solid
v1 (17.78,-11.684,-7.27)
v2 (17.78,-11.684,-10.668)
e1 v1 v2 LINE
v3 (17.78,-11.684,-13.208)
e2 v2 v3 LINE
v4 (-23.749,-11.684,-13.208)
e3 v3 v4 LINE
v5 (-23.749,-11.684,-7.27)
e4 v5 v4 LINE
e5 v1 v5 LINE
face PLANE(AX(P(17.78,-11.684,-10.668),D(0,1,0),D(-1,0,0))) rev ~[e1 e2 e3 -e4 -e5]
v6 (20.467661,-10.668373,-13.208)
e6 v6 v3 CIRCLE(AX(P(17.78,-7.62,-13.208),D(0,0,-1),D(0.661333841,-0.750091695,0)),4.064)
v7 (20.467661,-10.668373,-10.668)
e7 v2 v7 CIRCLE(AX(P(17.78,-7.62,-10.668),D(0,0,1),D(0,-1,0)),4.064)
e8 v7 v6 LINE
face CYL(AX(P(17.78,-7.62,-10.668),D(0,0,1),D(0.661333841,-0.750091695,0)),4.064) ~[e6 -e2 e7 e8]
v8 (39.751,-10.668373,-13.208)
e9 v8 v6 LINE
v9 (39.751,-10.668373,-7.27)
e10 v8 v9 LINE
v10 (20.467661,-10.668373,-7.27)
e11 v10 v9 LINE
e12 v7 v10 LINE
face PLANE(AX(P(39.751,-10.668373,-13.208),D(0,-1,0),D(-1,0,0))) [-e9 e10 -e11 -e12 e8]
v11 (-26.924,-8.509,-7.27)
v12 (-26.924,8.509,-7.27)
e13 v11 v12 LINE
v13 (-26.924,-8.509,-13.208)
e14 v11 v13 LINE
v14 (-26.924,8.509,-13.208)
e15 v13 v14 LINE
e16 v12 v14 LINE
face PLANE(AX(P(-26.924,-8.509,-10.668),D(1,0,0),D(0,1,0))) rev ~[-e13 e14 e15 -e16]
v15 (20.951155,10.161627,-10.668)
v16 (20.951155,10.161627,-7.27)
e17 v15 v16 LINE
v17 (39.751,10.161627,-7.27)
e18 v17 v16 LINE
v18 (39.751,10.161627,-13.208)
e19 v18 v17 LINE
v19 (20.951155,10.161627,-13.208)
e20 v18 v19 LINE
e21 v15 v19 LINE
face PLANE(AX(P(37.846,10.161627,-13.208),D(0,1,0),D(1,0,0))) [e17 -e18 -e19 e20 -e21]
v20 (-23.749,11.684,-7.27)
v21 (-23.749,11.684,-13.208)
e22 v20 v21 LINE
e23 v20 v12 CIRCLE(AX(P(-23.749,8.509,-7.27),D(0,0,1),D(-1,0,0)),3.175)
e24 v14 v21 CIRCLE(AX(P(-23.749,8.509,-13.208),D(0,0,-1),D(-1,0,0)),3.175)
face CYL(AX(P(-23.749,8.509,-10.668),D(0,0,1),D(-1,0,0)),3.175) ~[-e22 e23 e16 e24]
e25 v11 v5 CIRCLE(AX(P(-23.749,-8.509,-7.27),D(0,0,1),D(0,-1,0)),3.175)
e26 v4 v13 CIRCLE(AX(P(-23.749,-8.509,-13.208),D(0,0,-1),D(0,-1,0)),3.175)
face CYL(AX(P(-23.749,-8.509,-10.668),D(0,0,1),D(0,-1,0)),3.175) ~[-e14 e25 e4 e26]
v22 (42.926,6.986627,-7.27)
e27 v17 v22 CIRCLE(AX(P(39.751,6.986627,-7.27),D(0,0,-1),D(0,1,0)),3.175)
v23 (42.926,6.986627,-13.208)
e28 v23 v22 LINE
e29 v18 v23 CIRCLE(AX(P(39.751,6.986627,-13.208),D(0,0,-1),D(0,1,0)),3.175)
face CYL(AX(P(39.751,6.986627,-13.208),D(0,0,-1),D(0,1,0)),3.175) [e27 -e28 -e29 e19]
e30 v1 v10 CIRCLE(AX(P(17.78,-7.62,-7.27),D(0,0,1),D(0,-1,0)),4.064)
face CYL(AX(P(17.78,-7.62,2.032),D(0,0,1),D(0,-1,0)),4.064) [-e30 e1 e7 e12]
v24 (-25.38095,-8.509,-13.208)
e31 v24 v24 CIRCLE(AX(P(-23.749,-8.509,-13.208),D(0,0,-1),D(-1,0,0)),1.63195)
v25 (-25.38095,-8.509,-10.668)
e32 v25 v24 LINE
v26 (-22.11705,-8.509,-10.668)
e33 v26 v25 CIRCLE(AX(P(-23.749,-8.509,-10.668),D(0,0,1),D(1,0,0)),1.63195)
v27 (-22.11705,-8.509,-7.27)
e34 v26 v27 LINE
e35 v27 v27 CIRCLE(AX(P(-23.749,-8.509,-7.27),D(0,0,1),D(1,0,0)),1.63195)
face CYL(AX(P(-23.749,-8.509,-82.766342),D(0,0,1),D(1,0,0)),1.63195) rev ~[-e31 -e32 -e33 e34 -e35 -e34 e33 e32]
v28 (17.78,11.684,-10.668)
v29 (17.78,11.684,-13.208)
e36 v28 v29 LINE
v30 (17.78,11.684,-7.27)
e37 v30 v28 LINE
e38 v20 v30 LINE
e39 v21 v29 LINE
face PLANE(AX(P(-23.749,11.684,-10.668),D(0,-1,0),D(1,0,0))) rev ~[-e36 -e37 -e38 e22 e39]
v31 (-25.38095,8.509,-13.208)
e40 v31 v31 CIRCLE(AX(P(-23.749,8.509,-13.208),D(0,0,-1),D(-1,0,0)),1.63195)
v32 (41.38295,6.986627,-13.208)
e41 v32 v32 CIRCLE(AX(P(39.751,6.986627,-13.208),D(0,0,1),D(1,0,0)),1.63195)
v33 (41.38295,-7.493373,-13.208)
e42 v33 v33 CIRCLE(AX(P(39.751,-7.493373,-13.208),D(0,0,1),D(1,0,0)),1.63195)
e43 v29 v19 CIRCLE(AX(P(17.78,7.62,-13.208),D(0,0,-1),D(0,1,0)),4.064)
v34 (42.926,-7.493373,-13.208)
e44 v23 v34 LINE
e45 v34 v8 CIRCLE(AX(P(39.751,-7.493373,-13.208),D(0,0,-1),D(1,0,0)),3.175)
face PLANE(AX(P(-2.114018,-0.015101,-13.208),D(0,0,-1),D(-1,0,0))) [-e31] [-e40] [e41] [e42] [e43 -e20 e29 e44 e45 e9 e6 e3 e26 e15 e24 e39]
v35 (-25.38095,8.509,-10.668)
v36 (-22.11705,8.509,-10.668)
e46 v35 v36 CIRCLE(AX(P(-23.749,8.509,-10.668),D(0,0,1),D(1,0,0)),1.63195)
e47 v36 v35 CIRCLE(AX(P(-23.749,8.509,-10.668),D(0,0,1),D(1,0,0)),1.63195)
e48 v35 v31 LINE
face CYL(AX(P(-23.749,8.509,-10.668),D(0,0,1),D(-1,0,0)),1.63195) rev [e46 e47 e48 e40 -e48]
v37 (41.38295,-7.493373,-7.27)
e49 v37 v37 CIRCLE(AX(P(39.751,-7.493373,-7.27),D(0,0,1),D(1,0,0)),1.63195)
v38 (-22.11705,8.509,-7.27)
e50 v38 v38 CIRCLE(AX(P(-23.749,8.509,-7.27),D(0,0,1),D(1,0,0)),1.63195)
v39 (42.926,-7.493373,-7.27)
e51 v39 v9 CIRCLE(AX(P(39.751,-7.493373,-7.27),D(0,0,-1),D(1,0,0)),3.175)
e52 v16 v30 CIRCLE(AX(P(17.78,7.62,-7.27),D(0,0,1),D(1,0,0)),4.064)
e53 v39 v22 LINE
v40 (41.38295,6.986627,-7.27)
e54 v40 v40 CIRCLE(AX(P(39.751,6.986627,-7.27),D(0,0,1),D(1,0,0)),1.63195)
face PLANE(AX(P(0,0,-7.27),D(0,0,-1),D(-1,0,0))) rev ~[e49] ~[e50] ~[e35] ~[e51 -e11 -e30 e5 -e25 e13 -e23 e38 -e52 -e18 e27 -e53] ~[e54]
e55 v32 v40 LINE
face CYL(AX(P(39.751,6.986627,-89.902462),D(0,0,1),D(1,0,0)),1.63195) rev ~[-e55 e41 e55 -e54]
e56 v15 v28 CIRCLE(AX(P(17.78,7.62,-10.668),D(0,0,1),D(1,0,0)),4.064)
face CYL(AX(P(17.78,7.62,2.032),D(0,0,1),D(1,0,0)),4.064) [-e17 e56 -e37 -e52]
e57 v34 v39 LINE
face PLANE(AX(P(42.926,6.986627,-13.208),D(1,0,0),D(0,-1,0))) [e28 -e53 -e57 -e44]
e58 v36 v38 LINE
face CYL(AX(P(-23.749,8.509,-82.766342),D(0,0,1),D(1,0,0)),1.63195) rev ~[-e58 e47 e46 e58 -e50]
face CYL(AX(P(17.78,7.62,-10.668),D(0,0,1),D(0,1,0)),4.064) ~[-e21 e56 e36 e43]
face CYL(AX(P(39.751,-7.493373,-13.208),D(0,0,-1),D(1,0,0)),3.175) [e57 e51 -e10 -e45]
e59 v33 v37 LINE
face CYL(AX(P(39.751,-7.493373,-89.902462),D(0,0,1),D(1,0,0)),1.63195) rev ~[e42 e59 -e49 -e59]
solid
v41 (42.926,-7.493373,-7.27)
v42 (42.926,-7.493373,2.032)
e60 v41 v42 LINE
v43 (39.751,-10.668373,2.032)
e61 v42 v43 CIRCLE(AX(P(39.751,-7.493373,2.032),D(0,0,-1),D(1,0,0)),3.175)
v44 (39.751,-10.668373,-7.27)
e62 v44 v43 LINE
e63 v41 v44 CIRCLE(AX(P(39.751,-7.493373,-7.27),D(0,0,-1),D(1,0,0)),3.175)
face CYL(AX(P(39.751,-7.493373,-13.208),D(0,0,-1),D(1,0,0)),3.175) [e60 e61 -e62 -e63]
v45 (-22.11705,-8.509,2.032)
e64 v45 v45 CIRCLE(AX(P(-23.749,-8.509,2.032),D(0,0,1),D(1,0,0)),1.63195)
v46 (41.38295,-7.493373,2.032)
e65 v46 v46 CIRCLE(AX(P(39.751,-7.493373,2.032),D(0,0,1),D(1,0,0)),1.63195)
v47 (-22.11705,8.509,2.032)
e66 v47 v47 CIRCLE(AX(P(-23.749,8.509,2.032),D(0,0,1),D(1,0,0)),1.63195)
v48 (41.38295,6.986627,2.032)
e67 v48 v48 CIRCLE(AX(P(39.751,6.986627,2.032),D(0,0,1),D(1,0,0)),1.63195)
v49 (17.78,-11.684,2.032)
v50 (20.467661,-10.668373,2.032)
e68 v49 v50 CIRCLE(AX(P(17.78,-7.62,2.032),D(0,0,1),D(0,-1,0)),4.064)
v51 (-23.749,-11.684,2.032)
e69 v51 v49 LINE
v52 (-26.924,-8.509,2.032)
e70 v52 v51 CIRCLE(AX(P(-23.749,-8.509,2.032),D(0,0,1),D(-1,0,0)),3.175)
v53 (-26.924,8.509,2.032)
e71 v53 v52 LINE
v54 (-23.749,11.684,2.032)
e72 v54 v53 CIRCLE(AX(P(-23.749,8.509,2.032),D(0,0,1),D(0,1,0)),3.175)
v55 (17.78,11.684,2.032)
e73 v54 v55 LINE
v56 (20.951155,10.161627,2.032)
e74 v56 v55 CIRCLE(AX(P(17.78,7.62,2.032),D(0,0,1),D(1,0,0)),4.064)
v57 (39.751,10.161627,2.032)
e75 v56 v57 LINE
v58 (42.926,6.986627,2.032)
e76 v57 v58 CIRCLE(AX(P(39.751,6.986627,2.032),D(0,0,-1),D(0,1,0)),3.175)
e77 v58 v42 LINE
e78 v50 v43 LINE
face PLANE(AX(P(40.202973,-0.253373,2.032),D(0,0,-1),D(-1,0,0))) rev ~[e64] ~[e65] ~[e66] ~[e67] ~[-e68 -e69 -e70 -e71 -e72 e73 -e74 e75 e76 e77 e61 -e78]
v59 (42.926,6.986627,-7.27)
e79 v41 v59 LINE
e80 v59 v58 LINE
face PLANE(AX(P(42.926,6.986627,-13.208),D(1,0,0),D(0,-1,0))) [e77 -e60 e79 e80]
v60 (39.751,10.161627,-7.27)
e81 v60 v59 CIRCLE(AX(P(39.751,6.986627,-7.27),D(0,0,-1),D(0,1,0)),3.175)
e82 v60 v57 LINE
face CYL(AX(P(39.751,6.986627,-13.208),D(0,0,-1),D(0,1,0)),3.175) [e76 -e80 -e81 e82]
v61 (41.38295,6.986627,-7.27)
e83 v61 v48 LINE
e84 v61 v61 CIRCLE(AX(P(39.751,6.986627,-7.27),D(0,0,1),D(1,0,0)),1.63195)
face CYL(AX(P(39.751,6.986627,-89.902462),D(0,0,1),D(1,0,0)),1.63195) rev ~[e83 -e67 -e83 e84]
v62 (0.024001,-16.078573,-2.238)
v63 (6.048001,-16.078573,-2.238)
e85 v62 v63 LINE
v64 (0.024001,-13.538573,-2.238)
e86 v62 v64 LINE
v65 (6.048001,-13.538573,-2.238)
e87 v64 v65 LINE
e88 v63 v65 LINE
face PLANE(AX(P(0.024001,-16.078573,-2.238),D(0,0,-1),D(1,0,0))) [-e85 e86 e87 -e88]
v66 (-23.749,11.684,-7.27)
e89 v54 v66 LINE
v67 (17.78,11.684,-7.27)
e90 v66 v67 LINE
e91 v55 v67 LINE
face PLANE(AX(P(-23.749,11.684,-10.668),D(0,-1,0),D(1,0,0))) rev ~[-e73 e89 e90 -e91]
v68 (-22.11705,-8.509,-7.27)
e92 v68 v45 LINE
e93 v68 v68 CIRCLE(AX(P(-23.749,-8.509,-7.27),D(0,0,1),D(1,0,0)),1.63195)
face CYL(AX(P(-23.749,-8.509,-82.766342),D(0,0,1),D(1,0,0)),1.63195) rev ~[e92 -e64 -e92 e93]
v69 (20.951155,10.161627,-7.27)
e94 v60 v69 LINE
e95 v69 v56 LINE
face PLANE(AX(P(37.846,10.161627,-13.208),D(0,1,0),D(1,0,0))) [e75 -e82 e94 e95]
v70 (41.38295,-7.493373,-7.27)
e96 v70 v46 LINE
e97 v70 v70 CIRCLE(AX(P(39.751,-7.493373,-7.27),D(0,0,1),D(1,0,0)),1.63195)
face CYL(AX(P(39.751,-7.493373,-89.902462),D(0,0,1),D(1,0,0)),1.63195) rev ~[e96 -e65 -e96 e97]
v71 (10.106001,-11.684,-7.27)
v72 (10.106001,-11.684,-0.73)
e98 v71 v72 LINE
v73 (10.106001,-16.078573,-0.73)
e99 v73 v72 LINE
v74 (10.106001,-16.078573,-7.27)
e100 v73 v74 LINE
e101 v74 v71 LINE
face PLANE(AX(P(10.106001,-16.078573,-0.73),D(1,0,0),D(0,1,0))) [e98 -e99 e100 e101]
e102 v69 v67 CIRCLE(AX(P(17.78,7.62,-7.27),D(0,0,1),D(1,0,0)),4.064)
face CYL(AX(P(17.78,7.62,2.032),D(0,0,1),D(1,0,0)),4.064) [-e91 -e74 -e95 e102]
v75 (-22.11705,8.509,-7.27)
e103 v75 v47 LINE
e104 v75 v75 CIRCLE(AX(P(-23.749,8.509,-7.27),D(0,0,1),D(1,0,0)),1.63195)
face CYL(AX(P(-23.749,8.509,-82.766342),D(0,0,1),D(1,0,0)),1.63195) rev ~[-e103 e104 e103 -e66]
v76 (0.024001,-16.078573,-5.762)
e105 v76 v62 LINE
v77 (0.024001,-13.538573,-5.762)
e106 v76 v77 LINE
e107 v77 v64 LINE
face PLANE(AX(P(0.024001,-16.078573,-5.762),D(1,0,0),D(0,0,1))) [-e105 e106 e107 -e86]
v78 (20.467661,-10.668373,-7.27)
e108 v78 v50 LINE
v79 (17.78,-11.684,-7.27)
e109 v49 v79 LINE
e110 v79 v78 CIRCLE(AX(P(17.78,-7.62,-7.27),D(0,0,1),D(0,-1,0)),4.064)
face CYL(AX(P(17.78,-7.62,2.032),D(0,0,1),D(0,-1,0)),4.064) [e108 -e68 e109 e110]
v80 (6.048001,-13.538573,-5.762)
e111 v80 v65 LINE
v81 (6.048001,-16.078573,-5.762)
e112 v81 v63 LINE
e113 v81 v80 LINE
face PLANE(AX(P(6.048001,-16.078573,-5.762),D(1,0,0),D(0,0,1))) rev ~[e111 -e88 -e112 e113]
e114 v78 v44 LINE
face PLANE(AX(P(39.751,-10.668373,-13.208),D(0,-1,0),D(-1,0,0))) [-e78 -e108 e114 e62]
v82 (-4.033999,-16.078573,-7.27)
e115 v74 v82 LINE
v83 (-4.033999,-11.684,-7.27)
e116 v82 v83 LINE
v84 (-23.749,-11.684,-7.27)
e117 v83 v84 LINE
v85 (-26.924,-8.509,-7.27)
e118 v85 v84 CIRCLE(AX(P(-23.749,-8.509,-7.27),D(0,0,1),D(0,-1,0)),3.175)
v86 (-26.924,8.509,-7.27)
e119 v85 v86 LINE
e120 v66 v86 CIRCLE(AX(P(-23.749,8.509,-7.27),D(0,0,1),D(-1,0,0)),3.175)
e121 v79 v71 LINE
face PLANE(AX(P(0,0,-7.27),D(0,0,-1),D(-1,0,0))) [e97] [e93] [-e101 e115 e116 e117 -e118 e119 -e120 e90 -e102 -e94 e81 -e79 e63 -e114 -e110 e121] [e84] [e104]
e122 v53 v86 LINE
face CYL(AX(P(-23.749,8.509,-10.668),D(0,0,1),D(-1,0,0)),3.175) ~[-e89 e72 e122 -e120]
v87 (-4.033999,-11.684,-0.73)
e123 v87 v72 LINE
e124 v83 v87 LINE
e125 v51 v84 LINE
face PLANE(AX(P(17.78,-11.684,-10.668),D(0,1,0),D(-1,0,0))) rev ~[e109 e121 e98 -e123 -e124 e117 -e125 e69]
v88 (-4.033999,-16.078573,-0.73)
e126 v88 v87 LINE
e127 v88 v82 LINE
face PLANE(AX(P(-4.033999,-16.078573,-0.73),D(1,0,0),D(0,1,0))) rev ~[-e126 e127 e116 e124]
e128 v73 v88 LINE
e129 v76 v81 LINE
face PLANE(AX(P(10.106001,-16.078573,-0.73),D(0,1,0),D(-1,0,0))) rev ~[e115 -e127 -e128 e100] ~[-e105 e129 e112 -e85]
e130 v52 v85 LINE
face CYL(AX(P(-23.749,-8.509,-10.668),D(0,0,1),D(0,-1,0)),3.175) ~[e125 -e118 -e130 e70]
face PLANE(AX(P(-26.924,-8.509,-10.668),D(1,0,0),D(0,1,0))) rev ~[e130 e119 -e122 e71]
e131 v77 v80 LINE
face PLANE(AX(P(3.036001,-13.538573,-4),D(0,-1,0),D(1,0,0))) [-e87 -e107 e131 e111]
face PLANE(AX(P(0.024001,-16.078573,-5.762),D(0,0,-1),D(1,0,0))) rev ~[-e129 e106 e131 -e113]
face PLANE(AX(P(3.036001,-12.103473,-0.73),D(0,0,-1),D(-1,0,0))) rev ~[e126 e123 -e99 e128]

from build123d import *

# Parameters (mm, degrees)
BOSS_EXTRUDE1_START             = 2.032
BOSS_EXTRUDE1_DEPTH             = 12.7
BOSS_EXTRUDE2_DEPTH             = 3.27
BOSS_EXTRUDE2_DEPTH_BACK        = 3.27
SKETCH2_W                       = 14.14
SKETCH2_H                       = 7.9502
SKETCH3_W                       = 36.079999008
SKETCH3_H                       = 20.829999962
BOSS_EXTRUDE3_DEPTH             = 2.54
BOSS_EXTRUDE3_DIRECTION_2_REACH = 31.949
SKETCH7_W                       = 6.024
SKETCH7_H                       = 3.524
CUT_EXTRUDE1_DEPTH              = 2.54
BOSS_EXTRUDE5_DEPTH             = 12.7
F_4_CLEARANCE_HOLE4_D           = 3.2639
BOSS_EXTRUDE6_DEPTH             = 15.24
F_4_CLEARANCE_HOLE5_D           = 3.2639
SKETCH17_R                      = 1.63195
BOSS_EXTRUDE8_DEPTH             = 2.54


with BuildPart() as part:
    # Sketch1 → Boss-Extrude1 (new body)
    with BuildSketch(Plane.XY.offset(BOSS_EXTRUDE1_START)):
        with BuildLine():
            Line((-21.844, 7.62), (-21.844, -7.62))
            ThreePointArc((-21.844, -7.62), (-20.653681959, -10.493681959), (-17.78, -11.684))
            Line((-17.78, -11.684), (17.78, -11.684))
            ThreePointArc((17.78, -11.684), (20.653681959, -10.493681959), (21.844, -7.62))
            Line((21.844, -7.62), (21.844, 7.62))
            ThreePointArc((21.844, 7.62), (20.653681959, 10.493681959), (17.78, 11.684))
            Line((17.78, 11.684), (-17.78, 11.684))
            ThreePointArc((-17.78, 11.684), (-20.653681959, 10.493681959), (-21.844, 7.62))
        make_face()
    extrude(amount=-BOSS_EXTRUDE1_DEPTH)

    # Sketch2 → Boss-Extrude2 (add, two sides: drawn at the far end of the back side and taken through both)
    with BuildSketch(Plane(origin=(0, 0, -4), x_dir=(-1, 0, 0), z_dir=(0, 0, -1)).offset(-BOSS_EXTRUDE2_DEPTH_BACK)):
        with Locations((-3.036000992, -12.10347265)):
            Rectangle(SKETCH2_W, SKETCH2_H)
    extrude(amount=BOSS_EXTRUDE2_DEPTH + BOSS_EXTRUDE2_DEPTH_BACK)

    # Sketch3 → Boss-Extrude3 (add)
    with BuildSketch(Plane(origin=(0, 0, -10.668), x_dir=(-1, 0, 0), z_dir=(0, 0, -1))):
        with Locations((-19.806000496, -0.253372669)):
            Rectangle(SKETCH3_W, SKETCH3_H)
    extrude(amount=BOSS_EXTRUDE3_DEPTH)

    # Boss-Extrude3 direction 2: up to this face of the body (flat: up to its plane)
    boss_extrude3_direction_2_end = Plane(part.part.faces().sort_by_distance((0, 0, 2.032))[0])
    # Sketch3 → Boss-Extrude3 direction 2 (add, up to the picked face)
    with BuildSketch(Plane(origin=(0, 0, -10.668), x_dir=(-1, 0, 0), z_dir=(0, 0, -1)), mode=Mode.PRIVATE) as boss_extrude3_direction_2_sk1:
        with Locations((-19.806000496, -0.253372669)):
            Rectangle(SKETCH3_W, SKETCH3_H)
    boss_extrude3_direction_2_tool1 = split(extrude(boss_extrude3_direction_2_sk1.sketch, amount=-BOSS_EXTRUDE3_DIRECTION_2_REACH, mode=Mode.PRIVATE), bisect_by=boss_extrude3_direction_2_end, keep=Keep.BOTH, mode=Mode.PRIVATE)
    add(boss_extrude3_direction_2_tool1.solids().sort_by(Axis((19.806, -0.253373, -10.668), (0, 0, 1)))[0])

    # Sketch7 → Cut-Extrude1 (cut)
    with BuildSketch(Plane.XZ.offset(16.07857265)):
        with Locations((3.036000992, -4)):
            Rectangle(SKETCH7_W, SKETCH7_H)
    extrude(amount=-CUT_EXTRUDE1_DEPTH, mode=Mode.SUBTRACT)

    # Sketch11 → Boss-Extrude5 (add, through all)
    with BuildSketch(Plane(origin=(0, 0, -10.668), x_dir=(-1, 0, 0), z_dir=(0, 0, -1))):
        with BuildLine():
            Line((17.78, 11.684), (23.749, 11.684))
            ThreePointArc((23.749, 11.684), (25.99406403, 10.75406403), (26.924, 8.509))
            Line((26.924, 8.509), (26.924, -8.509))
            ThreePointArc((26.924, -8.509), (25.99406403, -10.75406403), (23.749, -11.684))
            Line((23.749, -11.684), (17.78, -11.684))
            Line((17.78, -11.684), (-17.78, -11.684))
            ThreePointArc((-17.78, -11.684), (-19.216577452, -11.421623499), (-20.467660727, -10.66837265))
            Line((-20.467660727, -10.66837265), (-1.766000992, -10.66837265))
            Line((-1.766000992, -10.66837265), (-1.766000992, 10.161627312))
            Line((-1.766000992, 10.161627312), (-20.951155406, 10.161627312))
            ThreePointArc((-20.951155406, 10.161627312), (-19.538823841, 11.283691403), (-17.78, 11.684))
            Line((-17.78, 11.684), (17.78, 11.684))
        make_face()
    extrude(amount=-BOSS_EXTRUDE5_DEPTH)

    # #4 Clearance Hole4 (through all)
    with Locations(Plane(origin=(0, 0, -10.668), x_dir=(-1, 0, 0), z_dir=(0, 0, -1))):
        with Locations((23.749, 8.509), (23.749, -8.509)):
            Hole(F_4_CLEARANCE_HOLE4_D / 2)

    # Sketch14 → Boss-Extrude6 (add, through all)
    with BuildSketch(Plane(origin=(0, 0, -13.208), x_dir=(-1, 0, 0), z_dir=(0, 0, -1))):
        with BuildLine():
            Line((-37.846, 10.161627312), (-39.751, 10.161627312))
            ThreePointArc((-39.751, 10.161627312), (-41.99606403, 9.231691342), (-42.926, 6.986627312))
            Line((-42.926, 6.986627312), (-42.926, -7.49337265))
            ThreePointArc((-42.926, -7.49337265), (-41.99606403, -9.73843668), (-39.751, -10.66837265))
            Line((-39.751, -10.66837265), (-37.846, -10.66837265))
            Line((-37.846, -10.66837265), (-37.846, 10.161627312))
        make_face()
    extrude(amount=-BOSS_EXTRUDE6_DEPTH)

    # #4 Clearance Hole5 (through all)
    with Locations(Plane(origin=(0, 0, -13.208), x_dir=(-1, 0, 0), z_dir=(0, 0, -1))):
        with Locations((-39.751, 6.986627312), (-39.751, -7.49337265)):
            Hole(F_4_CLEARANCE_HOLE5_D / 2)

    # Sketch17 → Boss-Extrude8 (add)
    with BuildSketch(Plane(origin=(0, 0, -10.668), x_dir=(-1, 0, 0), z_dir=(0, 0, -1))):
        with BuildLine():
            Line((-17.78, -11.684), (23.749, -11.684))
            ThreePointArc((23.749, -11.684), (25.99406403, -10.75406403), (26.924, -8.509))
            Line((26.924, -8.509), (26.924, 8.509))
            ThreePointArc((26.924, 8.509), (25.99406403, 10.75406403), (23.749, 11.684))
            Line((23.749, 11.684), (-17.78, 11.684))
            ThreePointArc((-17.78, 11.684), (-19.538823841, 11.283691403), (-20.951155406, 10.161627312))
            Line((-20.951155406, 10.161627312), (-1.766000992, 10.161627312))
            Line((-1.766000992, 10.161627312), (-1.766000992, -10.66837265))
            Line((-1.766000992, -10.66837265), (-20.467660727, -10.66837265))
            ThreePointArc((-20.467660727, -10.66837265), (-19.216577452, -11.421623499), (-17.78, -11.684))
        make_face()
        with Locations((23.749, 8.509)):
            Circle(SKETCH17_R, mode=Mode.SUBTRACT)
        with Locations((23.749, -8.509)):
            Circle(SKETCH17_R, mode=Mode.SUBTRACT)
    extrude(amount=BOSS_EXTRUDE8_DEPTH)


with BuildPart() as body_2:
    # Split1: the piece on the far side of the plane
    add(part.part)
    split(bisect_by=Plane(origin=(0, 0, -7.27), x_dir=(-1, 0, 0), z_dir=(0, 0, -1)), keep=Keep.BOTTOM)


with BuildPart() as part_1:
    add(part.part)

    # Split1
    split(bisect_by=Plane(origin=(0, 0, -7.27), x_dir=(-1, 0, 0), z_dir=(0, 0, -1)), keep=Keep.TOP)


solid = Compound([body_2.part, part_1.part])
